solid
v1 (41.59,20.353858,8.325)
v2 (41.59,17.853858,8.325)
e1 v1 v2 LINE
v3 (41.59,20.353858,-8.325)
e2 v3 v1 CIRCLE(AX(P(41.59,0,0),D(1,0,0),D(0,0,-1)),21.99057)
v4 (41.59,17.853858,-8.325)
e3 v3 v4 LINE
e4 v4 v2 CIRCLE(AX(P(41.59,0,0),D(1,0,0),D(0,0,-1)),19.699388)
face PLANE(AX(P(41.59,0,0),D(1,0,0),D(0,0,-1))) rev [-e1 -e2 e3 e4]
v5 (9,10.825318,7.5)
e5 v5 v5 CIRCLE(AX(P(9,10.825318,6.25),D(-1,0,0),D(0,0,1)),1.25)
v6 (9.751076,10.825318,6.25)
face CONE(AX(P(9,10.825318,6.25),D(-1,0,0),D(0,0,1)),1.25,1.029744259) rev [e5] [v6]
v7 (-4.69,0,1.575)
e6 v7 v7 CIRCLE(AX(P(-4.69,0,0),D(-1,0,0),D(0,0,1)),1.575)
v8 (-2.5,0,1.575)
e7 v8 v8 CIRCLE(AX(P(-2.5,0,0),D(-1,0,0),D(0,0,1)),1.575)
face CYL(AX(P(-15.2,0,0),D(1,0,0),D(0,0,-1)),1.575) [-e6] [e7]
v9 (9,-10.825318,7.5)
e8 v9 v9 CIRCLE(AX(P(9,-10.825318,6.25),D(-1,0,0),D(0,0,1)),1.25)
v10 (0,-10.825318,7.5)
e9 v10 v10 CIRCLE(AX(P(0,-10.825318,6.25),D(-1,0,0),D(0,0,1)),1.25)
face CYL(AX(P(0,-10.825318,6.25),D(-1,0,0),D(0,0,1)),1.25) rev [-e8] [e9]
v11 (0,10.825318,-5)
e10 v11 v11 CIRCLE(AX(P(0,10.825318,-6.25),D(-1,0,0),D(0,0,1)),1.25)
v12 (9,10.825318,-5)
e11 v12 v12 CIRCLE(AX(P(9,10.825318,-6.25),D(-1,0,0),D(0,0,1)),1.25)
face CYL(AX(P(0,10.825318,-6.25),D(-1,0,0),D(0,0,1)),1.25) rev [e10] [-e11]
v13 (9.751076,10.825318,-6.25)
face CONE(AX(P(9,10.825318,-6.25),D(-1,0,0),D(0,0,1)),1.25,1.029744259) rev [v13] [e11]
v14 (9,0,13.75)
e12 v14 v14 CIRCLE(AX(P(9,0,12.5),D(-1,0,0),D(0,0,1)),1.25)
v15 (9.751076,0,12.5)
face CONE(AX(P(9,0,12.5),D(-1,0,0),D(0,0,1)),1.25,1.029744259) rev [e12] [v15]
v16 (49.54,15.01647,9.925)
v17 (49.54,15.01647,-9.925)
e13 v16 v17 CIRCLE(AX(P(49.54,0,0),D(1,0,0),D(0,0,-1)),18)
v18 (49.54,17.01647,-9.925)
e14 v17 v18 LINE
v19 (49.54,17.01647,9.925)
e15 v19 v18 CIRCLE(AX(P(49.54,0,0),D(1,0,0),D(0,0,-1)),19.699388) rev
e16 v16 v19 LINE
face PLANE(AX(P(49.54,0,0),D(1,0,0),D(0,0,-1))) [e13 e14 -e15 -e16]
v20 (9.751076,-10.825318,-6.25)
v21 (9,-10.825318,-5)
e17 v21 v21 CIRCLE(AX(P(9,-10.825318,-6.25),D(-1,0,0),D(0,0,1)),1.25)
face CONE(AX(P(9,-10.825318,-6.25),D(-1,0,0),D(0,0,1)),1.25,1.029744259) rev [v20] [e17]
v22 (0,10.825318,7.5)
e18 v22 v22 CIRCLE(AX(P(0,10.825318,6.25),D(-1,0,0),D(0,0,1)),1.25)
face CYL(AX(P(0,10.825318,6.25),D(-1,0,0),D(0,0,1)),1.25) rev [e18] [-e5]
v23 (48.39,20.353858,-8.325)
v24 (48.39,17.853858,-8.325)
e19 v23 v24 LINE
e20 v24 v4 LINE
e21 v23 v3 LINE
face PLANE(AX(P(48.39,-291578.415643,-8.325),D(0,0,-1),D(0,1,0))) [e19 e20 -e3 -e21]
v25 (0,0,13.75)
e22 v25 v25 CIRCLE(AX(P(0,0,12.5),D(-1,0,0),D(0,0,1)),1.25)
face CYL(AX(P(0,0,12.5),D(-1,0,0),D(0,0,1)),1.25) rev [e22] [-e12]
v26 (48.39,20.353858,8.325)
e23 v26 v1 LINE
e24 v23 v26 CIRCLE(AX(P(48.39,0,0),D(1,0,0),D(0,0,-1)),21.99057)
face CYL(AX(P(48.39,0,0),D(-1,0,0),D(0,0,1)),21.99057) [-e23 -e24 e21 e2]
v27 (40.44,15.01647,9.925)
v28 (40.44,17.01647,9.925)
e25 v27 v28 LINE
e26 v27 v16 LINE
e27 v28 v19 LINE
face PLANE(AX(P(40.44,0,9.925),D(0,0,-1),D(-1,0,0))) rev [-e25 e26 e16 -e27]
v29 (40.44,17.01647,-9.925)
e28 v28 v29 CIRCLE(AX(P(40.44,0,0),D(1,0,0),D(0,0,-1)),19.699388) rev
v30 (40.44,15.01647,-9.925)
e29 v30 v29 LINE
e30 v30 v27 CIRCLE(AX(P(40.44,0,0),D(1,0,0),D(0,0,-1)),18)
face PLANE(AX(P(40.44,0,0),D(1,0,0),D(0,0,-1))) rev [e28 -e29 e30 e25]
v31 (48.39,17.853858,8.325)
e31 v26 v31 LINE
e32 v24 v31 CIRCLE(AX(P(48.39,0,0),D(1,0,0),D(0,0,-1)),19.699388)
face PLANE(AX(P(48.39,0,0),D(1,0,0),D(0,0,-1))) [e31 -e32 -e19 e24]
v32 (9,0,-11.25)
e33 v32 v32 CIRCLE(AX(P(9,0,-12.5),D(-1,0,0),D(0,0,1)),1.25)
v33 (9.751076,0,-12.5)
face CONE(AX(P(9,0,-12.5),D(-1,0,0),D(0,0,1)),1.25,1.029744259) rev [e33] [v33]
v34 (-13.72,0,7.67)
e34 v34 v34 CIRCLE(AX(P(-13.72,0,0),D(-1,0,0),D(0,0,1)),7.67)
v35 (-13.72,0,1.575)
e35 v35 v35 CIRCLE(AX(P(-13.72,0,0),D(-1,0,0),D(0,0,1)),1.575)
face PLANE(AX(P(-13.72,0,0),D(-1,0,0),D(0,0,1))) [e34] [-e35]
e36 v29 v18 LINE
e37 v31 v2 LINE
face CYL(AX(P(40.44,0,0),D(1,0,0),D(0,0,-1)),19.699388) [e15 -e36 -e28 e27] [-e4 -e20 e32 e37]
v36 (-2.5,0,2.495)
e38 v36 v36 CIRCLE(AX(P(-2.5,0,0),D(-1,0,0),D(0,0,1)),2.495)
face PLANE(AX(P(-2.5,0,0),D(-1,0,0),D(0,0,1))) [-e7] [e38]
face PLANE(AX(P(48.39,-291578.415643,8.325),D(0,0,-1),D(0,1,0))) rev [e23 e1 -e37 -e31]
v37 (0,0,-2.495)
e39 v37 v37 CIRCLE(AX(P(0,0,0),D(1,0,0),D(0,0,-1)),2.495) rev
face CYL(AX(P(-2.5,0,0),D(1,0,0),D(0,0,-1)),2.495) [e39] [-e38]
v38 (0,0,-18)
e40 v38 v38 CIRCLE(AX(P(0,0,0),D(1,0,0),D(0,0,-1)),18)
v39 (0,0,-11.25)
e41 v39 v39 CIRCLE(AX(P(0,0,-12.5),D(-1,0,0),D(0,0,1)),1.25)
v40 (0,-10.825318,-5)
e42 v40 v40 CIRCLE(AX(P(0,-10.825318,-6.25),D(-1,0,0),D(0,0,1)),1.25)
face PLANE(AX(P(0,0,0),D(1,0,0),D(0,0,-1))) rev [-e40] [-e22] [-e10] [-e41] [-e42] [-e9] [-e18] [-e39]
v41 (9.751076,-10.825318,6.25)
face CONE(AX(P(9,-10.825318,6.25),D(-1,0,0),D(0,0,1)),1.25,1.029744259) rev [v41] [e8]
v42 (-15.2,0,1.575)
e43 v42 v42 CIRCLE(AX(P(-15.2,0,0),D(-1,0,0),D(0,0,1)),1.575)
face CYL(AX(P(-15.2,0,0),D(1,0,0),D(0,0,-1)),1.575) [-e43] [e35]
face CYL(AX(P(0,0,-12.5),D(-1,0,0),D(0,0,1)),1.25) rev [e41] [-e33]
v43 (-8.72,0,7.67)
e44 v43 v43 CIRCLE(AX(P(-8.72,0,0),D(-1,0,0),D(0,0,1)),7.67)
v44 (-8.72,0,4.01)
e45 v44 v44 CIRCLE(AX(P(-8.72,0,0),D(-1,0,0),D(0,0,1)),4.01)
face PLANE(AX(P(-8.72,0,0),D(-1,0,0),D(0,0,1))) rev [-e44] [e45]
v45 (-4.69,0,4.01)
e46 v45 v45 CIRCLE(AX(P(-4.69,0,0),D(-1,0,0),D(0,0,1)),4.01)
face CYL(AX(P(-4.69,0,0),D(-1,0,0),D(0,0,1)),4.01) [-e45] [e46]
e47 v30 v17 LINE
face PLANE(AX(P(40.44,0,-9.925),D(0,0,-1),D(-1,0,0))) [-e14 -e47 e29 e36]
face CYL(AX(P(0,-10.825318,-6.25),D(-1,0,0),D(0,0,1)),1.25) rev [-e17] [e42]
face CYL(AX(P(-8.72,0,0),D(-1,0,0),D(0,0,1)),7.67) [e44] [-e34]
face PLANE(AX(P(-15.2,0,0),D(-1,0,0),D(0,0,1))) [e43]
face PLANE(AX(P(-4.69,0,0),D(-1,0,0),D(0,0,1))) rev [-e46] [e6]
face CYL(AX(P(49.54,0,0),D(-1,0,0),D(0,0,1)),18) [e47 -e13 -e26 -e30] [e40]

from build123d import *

# Parameters (mm, degrees)
SCHIZZO1_R                    = 18
ESTRUSIONE_ESTRUSIONE1_DEPTH  = 49.54
SCHIZZO2_R                    = 2.495
ESTRUSIONE_ESTRUSIONE2_DEPTH  = 2.5
SCHIZZO3_R                    = 1.575
ESTRUSIONE_ESTRUSIONE3_DEPTH  = 12.7
SCHIZZO4_R                    = 7.67
ESTRUSIONE_ESTRUSIONE4_DEPTH  = 5
SCHIZZO5_R                    = 4.01
ESTRUSIONE_ESTRUSIONE5_DEPTH  = 9.03
FORO_FILETTATO_M3X0_5_1_D     = 2.5
FORO_FILETTATO_M3X0_5_1_DEPTH = 9
FORO_FILETTATO_M3X0_5_1_TIP   = 0.751075774
ESTRUSIONE_ESTRUSIONE6_START  = -9.1
ESTRUSIONE_ESTRUSIONE6_DEPTH  = 9.1
ESTRUSIONE_ESTRUSIONE7_START  = -4.55
ESTRUSIONE_ESTRUSIONE7_DEPTH  = 3.4


with BuildPart() as part:
    # Schizzo1 → Estrusione-Estrusione1 (new body)
    with BuildSketch(Plane(origin=(0, 0, 0), x_dir=(0, 0, -1), z_dir=(1, 0, 0))):
        Circle(SCHIZZO1_R)
    extrude(amount=ESTRUSIONE_ESTRUSIONE1_DEPTH)

    # Schizzo2 → Estrusione-Estrusione2 (add)
    with BuildSketch(Plane.ZY):
        with Locations(Location((0, 0, 0), (0, 0, 180))):
            Circle(SCHIZZO2_R)
    extrude(amount=ESTRUSIONE_ESTRUSIONE2_DEPTH)

    # Schizzo3 → Estrusione-Estrusione3 (add)
    with BuildSketch(Plane.ZY.offset(2.5)):
        Circle(SCHIZZO3_R)
    extrude(amount=ESTRUSIONE_ESTRUSIONE3_DEPTH)

    # Schizzo4 → Estrusione-Estrusione4 (add)
    with BuildSketch(Plane.ZY.offset(13.72)):
        Circle(SCHIZZO4_R)
    extrude(amount=-ESTRUSIONE_ESTRUSIONE4_DEPTH)

    # Schizzo5 → Estrusione-Estrusione5 (add)
    with BuildSketch(Plane.ZY.offset(13.72)):
        Circle(SCHIZZO5_R)
    extrude(amount=-ESTRUSIONE_ESTRUSIONE5_DEPTH)

    # Foro filettato M3x0.5-1
    with Locations(Plane.ZY):
        with Locations((12.5, 0), (6.25, -10.825317547), (-6.25, -10.825317547), (-12.5, 0), (-6.25, 10.825317547), (6.25, 10.825317547)):
            Hole(FORO_FILETTATO_M3X0_5_1_D / 2, depth=FORO_FILETTATO_M3X0_5_1_DEPTH)
            with Locations((0, 0, -(FORO_FILETTATO_M3X0_5_1_DEPTH + FORO_FILETTATO_M3X0_5_1_TIP / 2))):  # 118° drill point
                Cone(0, FORO_FILETTATO_M3X0_5_1_D / 2, FORO_FILETTATO_M3X0_5_1_TIP, mode=Mode.SUBTRACT)

    # Schizzo10 → Estrusione-Estrusione6 (add)
    with BuildSketch(Plane(origin=(49.54, 0, 0), x_dir=(0, 0, -1), z_dir=(1, 0, 0)).offset(ESTRUSIONE_ESTRUSIONE6_START)):
        with BuildLine():
            ThreePointArc((-9.925, 15.016470124), (-5.181869246, 17.237988024), (0, 18))
            Line((0, 18), (0, 19.69938782))
            ThreePointArc((0, 19.69938782), (-4.26355498, 19.232472005), (-8.325, 17.85385828))
            ThreePointArc((-8.325, 17.85385828), (-9.134600688, 17.453508265), (-9.925, 17.016470124))
            Line((-9.925, 17.016470124), (-9.925, 15.016470124))
        make_face()
        with BuildLine():
            Line((0, 19.69938782), (0, 18))
            ThreePointArc((0, 18), (5.181869246, 17.237988024), (9.925, 15.016470124))
            Line((9.925, 15.016470124), (9.925, 17.016470124))
            ThreePointArc((9.925, 17.016470124), (9.134600688, 17.453508265), (8.325, 17.85385828))
            ThreePointArc((8.325, 17.85385828), (4.26355498, 19.232472005), (0, 19.69938782))
        make_face()
    extrude(amount=ESTRUSIONE_ESTRUSIONE6_DEPTH)

    # Schizzo10<4> → Estrusione-Estrusione7 (add, symmetric)
    with BuildSketch(Plane(origin=(49.54, 0, 0), x_dir=(0, 0, -1), z_dir=(1, 0, 0)).offset(ESTRUSIONE_ESTRUSIONE7_START)):
        with BuildLine():
            ThreePointArc((-8.325, 17.85385828), (-4.26355498, 19.232472005), (0, 19.69938782))
            Line((0, 19.69938782), (0, 21.990570068))
            ThreePointArc((0, 21.990570068), (-4.24218253, 21.577512815), (-8.325, 20.35385828))
            Line((-8.325, 20.35385828), (-8.325, 17.85385828))
        make_face()
        with BuildLine():
            Line((0, 21.990570068), (0, 19.69938782))
            ThreePointArc((0, 19.69938782), (4.26355498, 19.232472005), (8.325, 17.85385828))
            Line((8.325, 17.85385828), (8.325, 20.35385828))
            ThreePointArc((8.325, 20.35385828), (4.24218253, 21.577512815), (0, 21.990570068))
        make_face()
    extrude(amount=ESTRUSIONE_ESTRUSIONE7_DEPTH, both=True)


solid = part.part
